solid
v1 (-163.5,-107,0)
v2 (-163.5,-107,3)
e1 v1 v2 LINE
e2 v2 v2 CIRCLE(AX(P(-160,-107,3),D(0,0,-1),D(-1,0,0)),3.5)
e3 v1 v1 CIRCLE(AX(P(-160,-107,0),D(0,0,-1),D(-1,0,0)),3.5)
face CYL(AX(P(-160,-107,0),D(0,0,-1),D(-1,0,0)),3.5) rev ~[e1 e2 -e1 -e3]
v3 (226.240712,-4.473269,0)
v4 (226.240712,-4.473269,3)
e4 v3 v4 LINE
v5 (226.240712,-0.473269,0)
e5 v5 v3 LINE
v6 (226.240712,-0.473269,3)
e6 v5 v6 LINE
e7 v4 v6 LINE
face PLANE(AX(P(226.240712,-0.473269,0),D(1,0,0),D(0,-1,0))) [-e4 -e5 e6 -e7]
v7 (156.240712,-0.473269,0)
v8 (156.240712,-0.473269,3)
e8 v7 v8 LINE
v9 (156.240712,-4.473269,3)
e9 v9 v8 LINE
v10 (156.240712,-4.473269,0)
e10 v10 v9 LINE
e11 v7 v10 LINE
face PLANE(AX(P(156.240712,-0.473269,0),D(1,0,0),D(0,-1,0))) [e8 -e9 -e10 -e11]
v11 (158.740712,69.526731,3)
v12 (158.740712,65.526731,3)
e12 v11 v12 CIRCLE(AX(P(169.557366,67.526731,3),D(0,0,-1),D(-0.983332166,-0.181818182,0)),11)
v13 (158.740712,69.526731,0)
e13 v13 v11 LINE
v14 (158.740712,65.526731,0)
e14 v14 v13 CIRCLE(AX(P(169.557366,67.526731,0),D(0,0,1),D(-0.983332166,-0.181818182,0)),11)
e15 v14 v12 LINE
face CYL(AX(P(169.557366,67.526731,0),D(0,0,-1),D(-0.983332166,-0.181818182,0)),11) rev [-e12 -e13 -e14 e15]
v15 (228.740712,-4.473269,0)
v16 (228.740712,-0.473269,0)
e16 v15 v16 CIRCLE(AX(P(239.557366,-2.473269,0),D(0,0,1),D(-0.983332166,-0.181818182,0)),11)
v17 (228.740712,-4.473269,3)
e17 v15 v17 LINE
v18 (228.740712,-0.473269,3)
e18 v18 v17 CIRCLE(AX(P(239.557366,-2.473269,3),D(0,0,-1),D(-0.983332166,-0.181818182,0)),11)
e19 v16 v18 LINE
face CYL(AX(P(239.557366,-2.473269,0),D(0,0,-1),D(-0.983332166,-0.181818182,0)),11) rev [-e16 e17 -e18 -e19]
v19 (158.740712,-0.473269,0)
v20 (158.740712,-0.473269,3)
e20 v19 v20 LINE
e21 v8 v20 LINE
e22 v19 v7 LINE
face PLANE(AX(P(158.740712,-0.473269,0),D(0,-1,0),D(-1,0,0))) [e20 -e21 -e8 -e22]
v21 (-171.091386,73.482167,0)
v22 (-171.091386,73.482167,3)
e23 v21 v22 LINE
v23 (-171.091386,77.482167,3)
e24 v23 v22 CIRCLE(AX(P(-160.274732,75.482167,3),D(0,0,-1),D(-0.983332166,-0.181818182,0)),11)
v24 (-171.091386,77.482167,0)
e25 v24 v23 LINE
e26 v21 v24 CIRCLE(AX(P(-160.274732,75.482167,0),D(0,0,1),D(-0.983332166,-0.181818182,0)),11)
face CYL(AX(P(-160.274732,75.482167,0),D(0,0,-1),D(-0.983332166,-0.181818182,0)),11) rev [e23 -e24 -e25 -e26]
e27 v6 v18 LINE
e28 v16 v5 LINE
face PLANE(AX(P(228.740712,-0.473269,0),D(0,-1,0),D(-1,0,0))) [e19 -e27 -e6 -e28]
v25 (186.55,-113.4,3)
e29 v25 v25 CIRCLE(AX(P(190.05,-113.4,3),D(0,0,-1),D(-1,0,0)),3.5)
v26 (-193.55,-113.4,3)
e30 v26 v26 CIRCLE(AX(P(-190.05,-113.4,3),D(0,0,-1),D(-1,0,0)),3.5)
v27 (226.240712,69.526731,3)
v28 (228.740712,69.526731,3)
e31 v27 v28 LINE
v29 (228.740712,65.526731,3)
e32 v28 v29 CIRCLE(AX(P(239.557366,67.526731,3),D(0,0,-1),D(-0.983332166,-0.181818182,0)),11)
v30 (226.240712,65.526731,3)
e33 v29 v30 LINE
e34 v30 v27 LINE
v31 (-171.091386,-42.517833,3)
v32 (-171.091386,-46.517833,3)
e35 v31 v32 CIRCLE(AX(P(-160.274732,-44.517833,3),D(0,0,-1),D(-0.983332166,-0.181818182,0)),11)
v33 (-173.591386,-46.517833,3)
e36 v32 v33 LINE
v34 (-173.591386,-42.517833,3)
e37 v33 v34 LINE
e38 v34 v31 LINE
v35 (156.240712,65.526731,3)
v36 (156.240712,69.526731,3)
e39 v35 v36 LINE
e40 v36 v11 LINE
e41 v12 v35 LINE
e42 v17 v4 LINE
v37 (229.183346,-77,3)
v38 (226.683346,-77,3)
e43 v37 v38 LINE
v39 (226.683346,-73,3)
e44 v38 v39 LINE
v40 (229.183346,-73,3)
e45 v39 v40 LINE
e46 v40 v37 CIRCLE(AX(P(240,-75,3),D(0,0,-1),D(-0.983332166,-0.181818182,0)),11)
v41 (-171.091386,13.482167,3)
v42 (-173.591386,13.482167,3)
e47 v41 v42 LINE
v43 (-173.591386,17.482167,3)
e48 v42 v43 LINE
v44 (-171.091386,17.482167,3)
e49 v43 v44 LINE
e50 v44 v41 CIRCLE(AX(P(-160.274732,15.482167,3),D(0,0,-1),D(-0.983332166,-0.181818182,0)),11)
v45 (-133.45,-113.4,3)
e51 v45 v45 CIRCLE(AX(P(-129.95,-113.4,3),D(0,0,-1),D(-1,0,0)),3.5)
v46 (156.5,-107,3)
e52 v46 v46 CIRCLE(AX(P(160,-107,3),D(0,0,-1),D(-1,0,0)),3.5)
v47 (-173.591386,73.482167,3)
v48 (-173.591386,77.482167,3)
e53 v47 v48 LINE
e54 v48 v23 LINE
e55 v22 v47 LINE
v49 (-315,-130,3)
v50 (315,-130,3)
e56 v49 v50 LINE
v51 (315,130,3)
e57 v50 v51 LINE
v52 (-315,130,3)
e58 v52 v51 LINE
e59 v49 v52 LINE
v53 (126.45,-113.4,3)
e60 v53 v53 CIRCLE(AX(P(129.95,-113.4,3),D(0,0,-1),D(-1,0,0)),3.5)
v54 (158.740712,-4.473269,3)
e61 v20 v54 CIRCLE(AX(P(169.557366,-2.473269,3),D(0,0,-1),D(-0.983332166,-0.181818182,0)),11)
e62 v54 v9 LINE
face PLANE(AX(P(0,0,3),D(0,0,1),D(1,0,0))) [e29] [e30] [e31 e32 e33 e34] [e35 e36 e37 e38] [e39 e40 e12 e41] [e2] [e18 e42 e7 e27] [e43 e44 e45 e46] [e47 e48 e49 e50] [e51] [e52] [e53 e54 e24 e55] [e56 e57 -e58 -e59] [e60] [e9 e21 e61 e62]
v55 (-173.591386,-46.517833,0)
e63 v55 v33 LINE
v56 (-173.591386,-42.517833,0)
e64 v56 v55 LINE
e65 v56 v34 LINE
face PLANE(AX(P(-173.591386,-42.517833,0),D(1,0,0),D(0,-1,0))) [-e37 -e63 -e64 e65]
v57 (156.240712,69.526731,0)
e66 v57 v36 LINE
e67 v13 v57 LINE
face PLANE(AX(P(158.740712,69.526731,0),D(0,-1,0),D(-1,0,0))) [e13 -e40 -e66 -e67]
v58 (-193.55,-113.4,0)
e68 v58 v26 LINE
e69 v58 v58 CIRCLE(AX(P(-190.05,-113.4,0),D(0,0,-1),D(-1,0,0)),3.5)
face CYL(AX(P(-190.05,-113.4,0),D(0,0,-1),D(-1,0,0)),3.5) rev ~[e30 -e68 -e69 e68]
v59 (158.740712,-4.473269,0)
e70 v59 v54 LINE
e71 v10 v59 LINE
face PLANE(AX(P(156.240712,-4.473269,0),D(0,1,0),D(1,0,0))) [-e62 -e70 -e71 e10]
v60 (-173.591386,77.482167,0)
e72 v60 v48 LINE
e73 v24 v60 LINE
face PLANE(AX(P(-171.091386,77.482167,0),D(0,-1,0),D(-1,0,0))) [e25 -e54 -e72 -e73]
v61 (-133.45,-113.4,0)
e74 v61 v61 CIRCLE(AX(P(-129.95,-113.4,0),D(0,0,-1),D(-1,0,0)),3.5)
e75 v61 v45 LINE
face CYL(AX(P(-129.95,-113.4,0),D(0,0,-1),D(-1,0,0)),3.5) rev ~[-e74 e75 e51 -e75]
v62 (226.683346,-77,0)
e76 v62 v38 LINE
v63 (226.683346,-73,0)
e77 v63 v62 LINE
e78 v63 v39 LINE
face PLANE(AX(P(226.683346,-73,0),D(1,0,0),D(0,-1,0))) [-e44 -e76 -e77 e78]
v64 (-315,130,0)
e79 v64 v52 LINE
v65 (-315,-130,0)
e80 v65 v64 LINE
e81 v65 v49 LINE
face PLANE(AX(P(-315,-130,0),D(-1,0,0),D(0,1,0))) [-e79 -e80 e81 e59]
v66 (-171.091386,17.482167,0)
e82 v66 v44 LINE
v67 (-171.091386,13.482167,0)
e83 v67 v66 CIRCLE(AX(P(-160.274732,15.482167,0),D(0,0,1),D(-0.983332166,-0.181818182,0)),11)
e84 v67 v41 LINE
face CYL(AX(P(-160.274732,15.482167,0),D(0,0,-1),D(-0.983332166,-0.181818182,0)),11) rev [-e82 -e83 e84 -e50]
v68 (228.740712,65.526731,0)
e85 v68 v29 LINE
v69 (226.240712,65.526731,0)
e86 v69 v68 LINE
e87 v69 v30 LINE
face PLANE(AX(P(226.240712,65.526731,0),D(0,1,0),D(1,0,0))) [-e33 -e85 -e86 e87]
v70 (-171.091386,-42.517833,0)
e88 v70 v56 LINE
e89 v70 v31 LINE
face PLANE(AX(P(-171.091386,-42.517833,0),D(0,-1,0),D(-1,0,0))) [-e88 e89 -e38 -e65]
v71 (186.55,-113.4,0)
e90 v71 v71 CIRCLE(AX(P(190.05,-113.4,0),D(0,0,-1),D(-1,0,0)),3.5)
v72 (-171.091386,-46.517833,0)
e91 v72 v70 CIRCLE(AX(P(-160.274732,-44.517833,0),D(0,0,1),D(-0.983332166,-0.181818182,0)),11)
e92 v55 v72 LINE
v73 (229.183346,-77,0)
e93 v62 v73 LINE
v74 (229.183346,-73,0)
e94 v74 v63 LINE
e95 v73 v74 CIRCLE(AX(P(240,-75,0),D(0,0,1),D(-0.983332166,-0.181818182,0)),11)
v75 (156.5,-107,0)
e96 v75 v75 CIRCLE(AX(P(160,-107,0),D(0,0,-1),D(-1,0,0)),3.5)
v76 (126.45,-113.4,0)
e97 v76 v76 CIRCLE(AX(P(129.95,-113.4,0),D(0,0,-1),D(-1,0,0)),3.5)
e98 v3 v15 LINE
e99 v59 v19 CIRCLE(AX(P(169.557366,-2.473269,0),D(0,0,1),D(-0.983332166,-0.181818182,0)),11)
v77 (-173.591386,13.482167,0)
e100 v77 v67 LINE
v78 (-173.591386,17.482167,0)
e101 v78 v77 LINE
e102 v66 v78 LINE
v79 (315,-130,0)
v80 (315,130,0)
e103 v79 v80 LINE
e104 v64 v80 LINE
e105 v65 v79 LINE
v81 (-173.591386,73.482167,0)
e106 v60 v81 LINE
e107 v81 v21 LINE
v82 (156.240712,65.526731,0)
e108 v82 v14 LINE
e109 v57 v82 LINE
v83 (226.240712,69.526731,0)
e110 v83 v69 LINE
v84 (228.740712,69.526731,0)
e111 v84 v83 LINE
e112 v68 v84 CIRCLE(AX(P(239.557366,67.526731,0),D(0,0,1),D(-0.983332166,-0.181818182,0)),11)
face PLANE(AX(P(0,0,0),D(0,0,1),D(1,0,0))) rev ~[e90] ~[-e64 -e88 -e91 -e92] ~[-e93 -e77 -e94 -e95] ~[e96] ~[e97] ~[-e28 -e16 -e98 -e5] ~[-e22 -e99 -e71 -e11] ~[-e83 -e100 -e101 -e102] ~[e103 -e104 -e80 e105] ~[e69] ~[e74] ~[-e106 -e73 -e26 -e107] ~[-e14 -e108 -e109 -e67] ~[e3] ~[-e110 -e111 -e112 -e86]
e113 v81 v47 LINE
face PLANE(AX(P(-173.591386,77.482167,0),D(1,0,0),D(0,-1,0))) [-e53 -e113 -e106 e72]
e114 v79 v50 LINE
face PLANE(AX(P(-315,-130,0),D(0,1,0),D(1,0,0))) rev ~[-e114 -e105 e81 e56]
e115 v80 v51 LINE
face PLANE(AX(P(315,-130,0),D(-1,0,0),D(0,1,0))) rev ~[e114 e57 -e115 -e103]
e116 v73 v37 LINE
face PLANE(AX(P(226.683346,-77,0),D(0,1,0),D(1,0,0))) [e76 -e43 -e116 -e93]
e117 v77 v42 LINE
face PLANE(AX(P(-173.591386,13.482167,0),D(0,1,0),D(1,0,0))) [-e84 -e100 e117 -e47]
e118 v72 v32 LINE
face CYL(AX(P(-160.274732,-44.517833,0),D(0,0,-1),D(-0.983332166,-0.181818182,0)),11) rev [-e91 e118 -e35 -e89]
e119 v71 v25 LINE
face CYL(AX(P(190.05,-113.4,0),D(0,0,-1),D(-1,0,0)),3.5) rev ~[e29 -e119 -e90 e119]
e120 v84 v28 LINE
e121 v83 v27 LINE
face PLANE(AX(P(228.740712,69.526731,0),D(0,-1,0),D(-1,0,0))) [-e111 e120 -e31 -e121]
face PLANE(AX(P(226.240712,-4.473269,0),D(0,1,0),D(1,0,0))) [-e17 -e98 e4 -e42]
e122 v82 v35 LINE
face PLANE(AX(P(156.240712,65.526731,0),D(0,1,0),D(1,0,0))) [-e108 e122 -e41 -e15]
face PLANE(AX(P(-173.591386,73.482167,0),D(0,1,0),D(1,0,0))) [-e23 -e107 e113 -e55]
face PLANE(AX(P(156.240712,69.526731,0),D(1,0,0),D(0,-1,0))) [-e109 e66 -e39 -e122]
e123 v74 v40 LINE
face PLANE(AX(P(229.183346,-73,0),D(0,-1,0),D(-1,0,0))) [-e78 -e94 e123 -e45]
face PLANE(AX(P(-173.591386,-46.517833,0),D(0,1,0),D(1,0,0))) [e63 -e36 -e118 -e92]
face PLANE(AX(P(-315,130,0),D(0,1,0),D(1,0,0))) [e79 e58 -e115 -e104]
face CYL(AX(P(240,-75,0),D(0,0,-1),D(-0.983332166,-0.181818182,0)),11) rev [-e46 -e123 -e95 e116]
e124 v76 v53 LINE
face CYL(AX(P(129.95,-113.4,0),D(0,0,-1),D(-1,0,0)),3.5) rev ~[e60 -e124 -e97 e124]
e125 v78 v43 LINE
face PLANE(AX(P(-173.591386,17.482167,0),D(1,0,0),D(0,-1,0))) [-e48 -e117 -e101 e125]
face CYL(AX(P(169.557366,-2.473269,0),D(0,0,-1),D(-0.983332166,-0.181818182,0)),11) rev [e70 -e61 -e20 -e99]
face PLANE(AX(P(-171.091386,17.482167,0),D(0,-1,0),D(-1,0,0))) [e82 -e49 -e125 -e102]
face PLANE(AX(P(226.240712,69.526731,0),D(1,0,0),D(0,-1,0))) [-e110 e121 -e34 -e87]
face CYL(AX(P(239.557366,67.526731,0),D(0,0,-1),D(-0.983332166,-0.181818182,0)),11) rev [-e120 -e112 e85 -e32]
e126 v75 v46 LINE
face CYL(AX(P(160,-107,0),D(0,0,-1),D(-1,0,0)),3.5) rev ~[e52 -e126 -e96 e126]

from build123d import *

# Parameters (mm, degrees)
CROQUIS1_W              = 630
CROQUIS1_H              = 260
SALIENTE_EXTRUIR1_DEPTH = 3
CORTAR_EXTRUIR1_DEPTH   = 4


with BuildPart() as part:
    # Croquis1 → Saliente-Extruir1 (new body)
    with BuildSketch(Plane.XY):
        Rectangle(CROQUIS1_W, CROQUIS1_H)
    extrude(amount=SALIENTE_EXTRUIR1_DEPTH)

    # Croquis2 → Cortar-Extruir1 (cut, through all)
    with BuildSketch(Plane(origin=(0, 0, 0), x_dir=(-1, 0, 0), z_dir=(0, 0, -1))):
        with BuildLine():
            Line((-228.740712327, -0.473268561), (-226.240712327, -0.473268561))
            Line((-226.240712327, -0.473268561), (-226.240712327, -4.473268561))
            Line((-226.240712327, -4.473268561), (-228.740712327, -4.473268561))
            ThreePointArc((-228.740712327, -4.473268561), (-250.557366154, -2.473268561), (-228.740712327, -0.473268561))
        make_face()
        with BuildLine():
            Line((-229.183346174, -73), (-226.683346174, -73))
            Line((-226.683346174, -73), (-226.683346174, -77))
            Line((-226.683346174, -77), (-229.183346174, -77))
            ThreePointArc((-229.183346174, -77), (-251, -75), (-229.183346174, -73))
        make_face()
        with BuildLine():
            Line((-158.740712327, -0.473268561), (-156.240712327, -0.473268561))
            Line((-156.240712327, -0.473268561), (-156.240712327, -4.473268561))
            Line((-156.240712327, -4.473268561), (-158.740712327, -4.473268561))
            ThreePointArc((-158.740712327, -4.473268561), (-180.557366154, -2.473268561), (-158.740712327, -0.473268561))
        make_face()
        with BuildLine():
            Line((-158.740712327, 69.526731439), (-156.240712327, 69.526731439))
            Line((-156.240712327, 69.526731439), (-156.240712327, 65.526731439))
            Line((-156.240712327, 65.526731439), (-158.740712327, 65.526731439))
            ThreePointArc((-158.740712327, 65.526731439), (-180.557366154, 67.526731439), (-158.740712327, 69.526731439))
        make_face()
        with BuildLine():
            Line((-228.740712327, 69.526731439), (-226.240712327, 69.526731439))
            Line((-226.240712327, 69.526731439), (-226.240712327, 65.526731439))
            Line((-226.240712327, 65.526731439), (-228.740712327, 65.526731439))
            ThreePointArc((-228.740712327, 65.526731439), (-250.557366154, 67.526731439), (-228.740712327, 69.526731439))
        make_face()
        with BuildLine():
            Line((171.091386036, -42.517832578), (173.591386036, -42.517832578))
            Line((173.591386036, -42.517832578), (173.591386036, -46.517832578))
            Line((173.591386036, -46.517832578), (171.091386036, -46.517832578))
            ThreePointArc((171.091386036, -46.517832578), (149.27473221, -44.517832578), (171.091386036, -42.517832578))
        make_face()
        with BuildLine():
            Line((171.091386036, 17.482167422), (173.591386036, 17.482167422))
            Line((173.591386036, 17.482167422), (173.591386036, 13.482167422))
            Line((173.591386036, 13.482167422), (171.091386036, 13.482167422))
            ThreePointArc((171.091386036, 13.482167422), (149.27473221, 15.482167422), (171.091386036, 17.482167422))
        make_face()
        with BuildLine():
            Line((171.091386036, 77.482167422), (173.591386036, 77.482167422))
            Line((173.591386036, 77.482167422), (173.591386036, 73.482167422))
            Line((173.591386036, 73.482167422), (171.091386036, 73.482167422))
            ThreePointArc((171.091386036, 73.482167422), (149.27473221, 75.482167422), (171.091386036, 77.482167422))
        make_face()
        with BuildLine():
            ThreePointArc((-163.5, -107), (-160, -110.5), (-156.5, -107))
            ThreePointArc((-156.5, -107), (-160, -103.5), (-163.5, -107))
        make_face()
        with BuildLine():
            ThreePointArc((-133.45, -113.4), (-129.95, -116.9), (-126.45, -113.4))
            ThreePointArc((-126.45, -113.4), (-129.95, -109.9), (-133.45, -113.4))
        make_face()
        with BuildLine():
            ThreePointArc((126.45, -113.4), (129.95, -116.9), (133.45, -113.4))
            ThreePointArc((133.45, -113.4), (129.95, -109.9), (126.45, -113.4))
        make_face()
        with BuildLine():
            ThreePointArc((156.5, -107), (160, -110.5), (163.5, -107))
            ThreePointArc((163.5, -107), (160, -103.5), (156.5, -107))
        make_face()
        with BuildLine():
            ThreePointArc((186.55, -113.4), (190.05, -116.9), (193.55, -113.4))
            ThreePointArc((193.55, -113.4), (190.05, -109.9), (186.55, -113.4))
        make_face()
        with BuildLine():
            ThreePointArc((-193.55, -113.4), (-190.05, -116.9), (-186.55, -113.4))
            ThreePointArc((-186.55, -113.4), (-190.05, -109.9), (-193.55, -113.4))
        make_face()
    extrude(amount=-CORTAR_EXTRUIR1_DEPTH, mode=Mode.SUBTRACT)


solid = part.part
